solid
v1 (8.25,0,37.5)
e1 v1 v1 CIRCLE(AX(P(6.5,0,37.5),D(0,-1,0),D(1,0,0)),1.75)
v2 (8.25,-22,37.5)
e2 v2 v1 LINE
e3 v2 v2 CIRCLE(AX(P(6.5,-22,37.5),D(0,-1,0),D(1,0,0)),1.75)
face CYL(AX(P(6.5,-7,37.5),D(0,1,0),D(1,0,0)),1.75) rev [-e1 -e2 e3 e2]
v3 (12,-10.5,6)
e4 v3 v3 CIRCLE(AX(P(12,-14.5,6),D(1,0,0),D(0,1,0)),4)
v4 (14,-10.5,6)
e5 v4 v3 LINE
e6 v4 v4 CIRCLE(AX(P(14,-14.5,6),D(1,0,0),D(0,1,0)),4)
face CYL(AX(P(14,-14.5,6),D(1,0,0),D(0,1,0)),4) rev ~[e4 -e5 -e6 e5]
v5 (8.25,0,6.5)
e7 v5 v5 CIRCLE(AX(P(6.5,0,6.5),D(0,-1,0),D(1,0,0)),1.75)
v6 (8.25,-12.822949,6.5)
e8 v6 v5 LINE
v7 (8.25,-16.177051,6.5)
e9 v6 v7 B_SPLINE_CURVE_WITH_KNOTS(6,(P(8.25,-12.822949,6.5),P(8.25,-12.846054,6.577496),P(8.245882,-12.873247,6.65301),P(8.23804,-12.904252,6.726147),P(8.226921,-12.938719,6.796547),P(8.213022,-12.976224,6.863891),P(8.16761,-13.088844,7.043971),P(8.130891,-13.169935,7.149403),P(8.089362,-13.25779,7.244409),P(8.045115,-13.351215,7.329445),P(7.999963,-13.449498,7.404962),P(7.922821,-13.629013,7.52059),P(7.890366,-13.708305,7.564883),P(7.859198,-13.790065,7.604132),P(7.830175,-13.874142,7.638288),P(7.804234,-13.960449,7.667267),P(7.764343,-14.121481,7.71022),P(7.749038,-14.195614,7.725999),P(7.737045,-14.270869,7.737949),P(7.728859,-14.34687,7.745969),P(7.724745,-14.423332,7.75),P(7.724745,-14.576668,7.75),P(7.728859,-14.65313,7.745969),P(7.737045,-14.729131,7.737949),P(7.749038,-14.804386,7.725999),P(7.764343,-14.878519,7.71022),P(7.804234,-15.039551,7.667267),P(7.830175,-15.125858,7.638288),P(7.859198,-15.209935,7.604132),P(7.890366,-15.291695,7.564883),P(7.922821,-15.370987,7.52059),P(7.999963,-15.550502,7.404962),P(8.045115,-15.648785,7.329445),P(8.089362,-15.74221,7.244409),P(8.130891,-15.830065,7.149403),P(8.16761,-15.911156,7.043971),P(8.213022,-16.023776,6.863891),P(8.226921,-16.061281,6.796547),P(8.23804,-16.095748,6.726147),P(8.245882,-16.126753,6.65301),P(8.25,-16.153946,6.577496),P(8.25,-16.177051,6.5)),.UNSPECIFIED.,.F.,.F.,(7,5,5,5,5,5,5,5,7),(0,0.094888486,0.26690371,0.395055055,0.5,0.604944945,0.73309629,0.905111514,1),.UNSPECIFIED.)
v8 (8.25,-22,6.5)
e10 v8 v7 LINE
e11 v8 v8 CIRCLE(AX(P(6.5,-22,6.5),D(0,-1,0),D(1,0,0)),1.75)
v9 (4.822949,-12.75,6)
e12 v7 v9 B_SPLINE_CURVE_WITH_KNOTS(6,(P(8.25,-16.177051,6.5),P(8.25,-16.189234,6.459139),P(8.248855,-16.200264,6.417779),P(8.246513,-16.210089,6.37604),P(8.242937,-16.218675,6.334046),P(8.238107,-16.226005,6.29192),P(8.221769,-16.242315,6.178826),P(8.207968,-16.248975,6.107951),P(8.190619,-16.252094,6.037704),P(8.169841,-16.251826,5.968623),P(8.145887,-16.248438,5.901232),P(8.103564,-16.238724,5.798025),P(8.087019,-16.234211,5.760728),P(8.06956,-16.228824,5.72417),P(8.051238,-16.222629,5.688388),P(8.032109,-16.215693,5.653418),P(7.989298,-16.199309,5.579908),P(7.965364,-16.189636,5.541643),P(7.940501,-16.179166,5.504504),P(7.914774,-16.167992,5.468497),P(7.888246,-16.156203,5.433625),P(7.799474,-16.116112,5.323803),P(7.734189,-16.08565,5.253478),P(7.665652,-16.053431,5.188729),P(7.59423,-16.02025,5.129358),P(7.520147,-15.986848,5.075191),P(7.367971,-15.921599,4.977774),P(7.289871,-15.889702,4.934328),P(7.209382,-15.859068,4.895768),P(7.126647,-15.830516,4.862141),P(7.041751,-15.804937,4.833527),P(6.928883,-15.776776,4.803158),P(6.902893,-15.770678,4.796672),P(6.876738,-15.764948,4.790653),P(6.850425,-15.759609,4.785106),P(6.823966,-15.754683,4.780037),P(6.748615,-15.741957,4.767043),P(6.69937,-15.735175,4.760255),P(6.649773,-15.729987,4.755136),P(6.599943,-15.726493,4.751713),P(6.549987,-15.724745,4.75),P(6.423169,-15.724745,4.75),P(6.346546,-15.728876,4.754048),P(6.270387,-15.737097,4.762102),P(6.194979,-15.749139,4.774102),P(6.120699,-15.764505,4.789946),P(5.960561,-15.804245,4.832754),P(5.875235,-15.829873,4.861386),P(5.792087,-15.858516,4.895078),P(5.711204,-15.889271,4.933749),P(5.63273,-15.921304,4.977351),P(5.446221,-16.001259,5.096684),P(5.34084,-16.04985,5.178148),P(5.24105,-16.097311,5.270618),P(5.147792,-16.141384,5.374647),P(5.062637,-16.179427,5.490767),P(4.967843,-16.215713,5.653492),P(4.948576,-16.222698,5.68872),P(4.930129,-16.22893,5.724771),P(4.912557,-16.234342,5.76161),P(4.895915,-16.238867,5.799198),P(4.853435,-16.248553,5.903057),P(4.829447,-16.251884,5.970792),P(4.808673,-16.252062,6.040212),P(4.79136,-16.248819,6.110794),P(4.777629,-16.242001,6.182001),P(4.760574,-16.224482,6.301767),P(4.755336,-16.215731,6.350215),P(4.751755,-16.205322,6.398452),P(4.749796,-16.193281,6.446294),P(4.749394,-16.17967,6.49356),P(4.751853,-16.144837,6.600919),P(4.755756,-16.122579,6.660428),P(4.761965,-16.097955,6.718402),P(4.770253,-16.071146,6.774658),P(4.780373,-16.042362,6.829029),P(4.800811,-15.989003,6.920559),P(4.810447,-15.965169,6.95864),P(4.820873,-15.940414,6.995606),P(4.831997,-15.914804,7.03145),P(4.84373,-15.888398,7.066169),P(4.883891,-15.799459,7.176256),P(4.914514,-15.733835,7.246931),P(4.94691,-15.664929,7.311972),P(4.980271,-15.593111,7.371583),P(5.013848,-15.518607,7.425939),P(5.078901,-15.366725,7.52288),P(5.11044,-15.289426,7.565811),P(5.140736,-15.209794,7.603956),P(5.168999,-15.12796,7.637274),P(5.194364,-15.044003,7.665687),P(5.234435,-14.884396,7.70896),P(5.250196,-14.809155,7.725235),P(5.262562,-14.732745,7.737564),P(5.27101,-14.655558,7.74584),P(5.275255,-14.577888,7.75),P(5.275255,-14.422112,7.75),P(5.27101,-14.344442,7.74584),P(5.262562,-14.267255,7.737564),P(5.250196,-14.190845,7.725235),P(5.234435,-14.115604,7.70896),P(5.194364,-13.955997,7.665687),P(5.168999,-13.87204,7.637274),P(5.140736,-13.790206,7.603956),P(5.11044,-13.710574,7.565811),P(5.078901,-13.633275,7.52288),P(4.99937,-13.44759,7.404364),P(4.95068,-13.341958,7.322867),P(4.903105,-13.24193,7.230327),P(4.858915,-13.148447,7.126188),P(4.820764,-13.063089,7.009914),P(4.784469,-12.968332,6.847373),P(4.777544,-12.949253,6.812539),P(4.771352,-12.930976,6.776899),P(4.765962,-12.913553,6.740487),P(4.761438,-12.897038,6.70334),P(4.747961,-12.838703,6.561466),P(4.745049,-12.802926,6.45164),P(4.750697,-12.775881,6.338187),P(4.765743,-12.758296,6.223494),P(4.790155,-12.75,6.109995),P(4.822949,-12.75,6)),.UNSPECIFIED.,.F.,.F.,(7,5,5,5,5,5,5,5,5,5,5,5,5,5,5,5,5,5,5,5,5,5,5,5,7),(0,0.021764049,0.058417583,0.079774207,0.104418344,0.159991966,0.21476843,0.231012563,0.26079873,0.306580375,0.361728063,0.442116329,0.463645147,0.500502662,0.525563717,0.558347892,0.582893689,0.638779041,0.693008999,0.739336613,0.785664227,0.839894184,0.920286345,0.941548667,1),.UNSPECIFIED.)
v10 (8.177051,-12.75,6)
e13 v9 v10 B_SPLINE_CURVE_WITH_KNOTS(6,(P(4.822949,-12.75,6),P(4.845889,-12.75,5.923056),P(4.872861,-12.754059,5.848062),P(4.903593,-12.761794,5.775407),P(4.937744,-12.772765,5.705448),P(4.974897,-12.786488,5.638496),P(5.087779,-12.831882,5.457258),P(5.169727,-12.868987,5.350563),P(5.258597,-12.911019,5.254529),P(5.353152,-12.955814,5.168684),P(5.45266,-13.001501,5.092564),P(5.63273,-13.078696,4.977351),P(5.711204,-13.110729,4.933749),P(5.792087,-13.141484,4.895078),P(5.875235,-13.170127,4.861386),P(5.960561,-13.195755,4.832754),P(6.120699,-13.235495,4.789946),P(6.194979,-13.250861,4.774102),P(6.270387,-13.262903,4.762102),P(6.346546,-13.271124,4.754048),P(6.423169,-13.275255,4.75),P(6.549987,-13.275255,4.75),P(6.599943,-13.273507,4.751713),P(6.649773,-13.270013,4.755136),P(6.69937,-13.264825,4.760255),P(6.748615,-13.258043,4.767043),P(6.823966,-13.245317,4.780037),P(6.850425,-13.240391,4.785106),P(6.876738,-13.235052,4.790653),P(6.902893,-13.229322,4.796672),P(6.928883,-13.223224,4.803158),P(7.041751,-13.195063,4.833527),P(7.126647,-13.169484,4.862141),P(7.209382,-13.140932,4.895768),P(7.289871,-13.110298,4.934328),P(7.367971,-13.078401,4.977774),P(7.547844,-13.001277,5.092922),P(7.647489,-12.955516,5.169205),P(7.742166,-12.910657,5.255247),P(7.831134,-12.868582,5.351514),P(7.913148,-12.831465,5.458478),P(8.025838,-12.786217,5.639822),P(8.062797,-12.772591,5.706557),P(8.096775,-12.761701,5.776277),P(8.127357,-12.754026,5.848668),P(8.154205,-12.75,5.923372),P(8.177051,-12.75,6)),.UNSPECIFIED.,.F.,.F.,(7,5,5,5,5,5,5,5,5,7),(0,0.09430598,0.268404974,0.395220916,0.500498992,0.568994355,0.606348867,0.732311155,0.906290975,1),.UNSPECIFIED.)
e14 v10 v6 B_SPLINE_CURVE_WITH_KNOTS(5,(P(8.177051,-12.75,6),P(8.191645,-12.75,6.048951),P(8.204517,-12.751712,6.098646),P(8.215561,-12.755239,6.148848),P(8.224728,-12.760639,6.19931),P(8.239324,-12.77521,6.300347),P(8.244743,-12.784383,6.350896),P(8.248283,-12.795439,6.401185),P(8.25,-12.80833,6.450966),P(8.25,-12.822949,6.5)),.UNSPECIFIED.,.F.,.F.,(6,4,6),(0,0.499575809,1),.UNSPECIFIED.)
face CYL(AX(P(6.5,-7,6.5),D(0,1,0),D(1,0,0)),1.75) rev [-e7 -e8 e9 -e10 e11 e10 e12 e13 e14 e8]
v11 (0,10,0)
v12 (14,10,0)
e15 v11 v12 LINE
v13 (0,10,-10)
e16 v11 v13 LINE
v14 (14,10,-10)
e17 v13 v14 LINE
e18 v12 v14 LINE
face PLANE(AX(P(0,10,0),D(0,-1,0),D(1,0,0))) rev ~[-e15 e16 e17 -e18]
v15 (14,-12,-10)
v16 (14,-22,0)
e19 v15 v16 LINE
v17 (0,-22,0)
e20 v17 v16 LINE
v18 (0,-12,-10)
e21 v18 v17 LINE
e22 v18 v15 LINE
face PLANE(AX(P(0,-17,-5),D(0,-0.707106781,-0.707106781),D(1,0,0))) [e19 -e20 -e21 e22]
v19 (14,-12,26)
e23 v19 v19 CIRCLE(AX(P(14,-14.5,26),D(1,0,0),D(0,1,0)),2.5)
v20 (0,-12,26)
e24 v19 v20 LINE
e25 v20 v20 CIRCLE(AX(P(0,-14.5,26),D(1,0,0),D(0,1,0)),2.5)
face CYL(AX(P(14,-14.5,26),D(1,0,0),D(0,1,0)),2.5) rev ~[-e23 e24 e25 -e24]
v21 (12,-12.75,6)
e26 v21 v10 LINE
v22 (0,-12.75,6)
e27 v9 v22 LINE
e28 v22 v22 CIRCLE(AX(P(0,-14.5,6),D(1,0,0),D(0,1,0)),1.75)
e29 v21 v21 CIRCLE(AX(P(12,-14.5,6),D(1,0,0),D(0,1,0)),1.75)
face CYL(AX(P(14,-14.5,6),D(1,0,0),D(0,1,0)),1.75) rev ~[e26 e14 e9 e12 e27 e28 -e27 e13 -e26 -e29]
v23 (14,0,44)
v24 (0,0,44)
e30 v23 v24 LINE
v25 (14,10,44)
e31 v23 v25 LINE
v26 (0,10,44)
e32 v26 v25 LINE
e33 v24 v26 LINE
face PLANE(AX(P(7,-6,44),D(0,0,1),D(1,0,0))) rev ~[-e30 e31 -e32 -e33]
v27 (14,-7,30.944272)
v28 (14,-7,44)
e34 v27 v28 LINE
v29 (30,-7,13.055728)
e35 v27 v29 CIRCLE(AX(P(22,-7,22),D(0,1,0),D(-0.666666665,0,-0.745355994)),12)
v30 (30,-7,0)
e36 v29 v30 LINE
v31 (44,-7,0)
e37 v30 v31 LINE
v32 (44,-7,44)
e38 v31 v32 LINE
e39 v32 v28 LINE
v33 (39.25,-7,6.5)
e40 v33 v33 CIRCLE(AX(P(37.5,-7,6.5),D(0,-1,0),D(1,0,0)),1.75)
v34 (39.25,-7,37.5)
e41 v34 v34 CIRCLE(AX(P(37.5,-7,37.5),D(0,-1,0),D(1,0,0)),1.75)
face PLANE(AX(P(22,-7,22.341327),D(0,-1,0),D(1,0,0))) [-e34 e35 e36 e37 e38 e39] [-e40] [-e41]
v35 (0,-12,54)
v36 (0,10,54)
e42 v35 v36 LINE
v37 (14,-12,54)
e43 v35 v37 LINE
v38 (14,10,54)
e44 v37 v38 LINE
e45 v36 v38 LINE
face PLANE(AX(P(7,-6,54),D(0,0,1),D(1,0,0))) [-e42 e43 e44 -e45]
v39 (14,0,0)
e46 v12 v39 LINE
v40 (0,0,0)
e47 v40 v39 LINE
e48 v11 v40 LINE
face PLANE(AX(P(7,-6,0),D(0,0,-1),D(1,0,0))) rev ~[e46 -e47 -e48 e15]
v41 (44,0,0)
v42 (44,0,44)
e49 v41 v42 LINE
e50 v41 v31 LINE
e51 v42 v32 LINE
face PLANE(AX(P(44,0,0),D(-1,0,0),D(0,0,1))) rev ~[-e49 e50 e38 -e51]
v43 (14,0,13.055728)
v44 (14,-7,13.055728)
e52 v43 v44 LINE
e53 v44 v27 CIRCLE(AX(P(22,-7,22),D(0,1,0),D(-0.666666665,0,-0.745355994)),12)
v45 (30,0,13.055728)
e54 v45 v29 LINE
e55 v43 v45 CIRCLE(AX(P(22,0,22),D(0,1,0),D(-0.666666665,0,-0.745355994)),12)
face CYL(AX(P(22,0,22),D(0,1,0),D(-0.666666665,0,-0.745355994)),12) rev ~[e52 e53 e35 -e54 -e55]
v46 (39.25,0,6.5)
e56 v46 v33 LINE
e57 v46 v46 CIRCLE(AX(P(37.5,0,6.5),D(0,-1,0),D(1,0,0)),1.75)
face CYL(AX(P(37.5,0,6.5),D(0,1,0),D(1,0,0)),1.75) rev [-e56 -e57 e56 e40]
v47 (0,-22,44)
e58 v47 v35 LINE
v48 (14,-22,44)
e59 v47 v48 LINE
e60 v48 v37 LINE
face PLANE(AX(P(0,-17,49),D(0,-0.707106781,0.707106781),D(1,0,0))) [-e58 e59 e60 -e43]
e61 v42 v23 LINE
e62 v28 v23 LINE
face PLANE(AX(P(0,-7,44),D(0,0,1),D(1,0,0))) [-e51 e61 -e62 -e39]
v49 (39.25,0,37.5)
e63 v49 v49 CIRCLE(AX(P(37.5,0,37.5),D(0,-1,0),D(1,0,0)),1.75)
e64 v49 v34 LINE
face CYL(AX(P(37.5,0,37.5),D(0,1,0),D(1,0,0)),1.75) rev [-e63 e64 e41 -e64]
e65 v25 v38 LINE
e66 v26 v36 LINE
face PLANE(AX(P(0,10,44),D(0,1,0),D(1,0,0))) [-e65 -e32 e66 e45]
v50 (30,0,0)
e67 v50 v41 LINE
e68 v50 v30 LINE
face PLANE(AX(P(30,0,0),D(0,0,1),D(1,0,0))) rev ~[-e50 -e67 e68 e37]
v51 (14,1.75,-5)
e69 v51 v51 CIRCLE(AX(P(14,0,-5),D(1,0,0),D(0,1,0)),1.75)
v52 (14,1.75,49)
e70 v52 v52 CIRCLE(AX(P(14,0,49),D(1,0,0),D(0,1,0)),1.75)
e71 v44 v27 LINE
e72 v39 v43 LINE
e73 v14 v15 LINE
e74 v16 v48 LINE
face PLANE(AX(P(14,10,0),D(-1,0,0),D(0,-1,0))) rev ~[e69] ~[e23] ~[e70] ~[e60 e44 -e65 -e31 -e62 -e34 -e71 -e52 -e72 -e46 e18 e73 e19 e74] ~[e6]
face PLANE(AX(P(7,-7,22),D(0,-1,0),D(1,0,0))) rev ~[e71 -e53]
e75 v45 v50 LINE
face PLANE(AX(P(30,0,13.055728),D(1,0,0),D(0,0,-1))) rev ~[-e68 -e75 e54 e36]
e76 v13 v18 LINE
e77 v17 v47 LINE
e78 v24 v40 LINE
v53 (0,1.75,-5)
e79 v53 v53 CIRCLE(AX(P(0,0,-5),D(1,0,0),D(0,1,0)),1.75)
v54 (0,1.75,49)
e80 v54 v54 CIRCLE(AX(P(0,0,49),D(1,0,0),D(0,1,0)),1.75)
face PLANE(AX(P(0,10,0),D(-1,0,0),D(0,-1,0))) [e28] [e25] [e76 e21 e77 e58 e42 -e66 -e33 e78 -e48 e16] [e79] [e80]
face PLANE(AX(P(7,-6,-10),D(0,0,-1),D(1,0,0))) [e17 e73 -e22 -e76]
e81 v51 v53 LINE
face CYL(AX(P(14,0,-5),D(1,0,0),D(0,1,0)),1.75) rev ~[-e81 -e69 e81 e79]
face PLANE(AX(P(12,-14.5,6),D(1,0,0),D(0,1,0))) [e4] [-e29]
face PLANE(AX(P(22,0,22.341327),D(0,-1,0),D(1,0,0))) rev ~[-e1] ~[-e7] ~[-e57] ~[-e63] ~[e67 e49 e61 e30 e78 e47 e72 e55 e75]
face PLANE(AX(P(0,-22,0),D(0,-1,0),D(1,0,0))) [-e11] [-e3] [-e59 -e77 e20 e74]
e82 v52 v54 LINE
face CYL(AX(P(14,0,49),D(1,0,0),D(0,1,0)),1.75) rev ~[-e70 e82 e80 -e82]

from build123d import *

# Parameters (mm, degrees)
F0_R      = 1.75
F1_DEPTH  = 7
F2_W      = 14
F2_H      = 44
F2_R      = 1.75
F3_DEPTH  = 15
F4_R      = 2.5
F4_R_2    = 1.75
F5_DEPTH  = 25
F6_R      = 4
F7_DEPTH  = 2
F8_W      = 14
F8_H      = 32
F9_DEPTH  = 10
F10_W     = 14
F10_H     = 32
F11_DEPTH = 10
F12_R     = 1.75
F13_DEPTH = 25
F14_SIZE  = 10


with BuildPart() as f1:
    # F0 (on Front) → F1 (new body)
    with BuildSketch(Plane.XZ):
        with BuildLine():
            Line((0, 44), (0, 0))
            Line((0, 0), (14, 0))
            Line((14, 0), (14, 13.055728))
            ThreePointArc((14, 13.055728), (22, 34), (30, 13.055728))
            Line((30, 13.055728), (30, 0))
            Line((30, 0), (44, 0))
            Line((44, 0), (44, 44))
            Line((44, 44), (0, 44))
        make_face()
        with Locations((6.5, 6.5)):
            Circle(F0_R, mode=Mode.SUBTRACT)
        with Locations((37.5, 6.5)):
            Circle(F0_R, mode=Mode.SUBTRACT)
        with Locations((6.5, 37.5)):
            Circle(F0_R, mode=Mode.SUBTRACT)
        with Locations((37.5, 37.5)):
            Circle(F0_R, mode=Mode.SUBTRACT)
    extrude(amount=F1_DEPTH)

    # F2 (on face) → F3 (join)
    with BuildSketch(Plane.XZ.offset(7)):
        with Locations((7, 22)):
            Rectangle(F2_W, F2_H)
        with Locations((6.5, 6.5)):
            Circle(F2_R, mode=Mode.SUBTRACT)
        with Locations((6.5, 37.5)):
            Circle(F2_R, mode=Mode.SUBTRACT)
    extrude(amount=F3_DEPTH)

    # F4 (on face) → F5 (cut)
    with BuildSketch(Plane.YZ.offset(14)):
        with Locations((-14.5, 26)):
            Circle(F4_R)
        with Locations((-14.5, 6)):
            Circle(F4_R_2)
    extrude(amount=-F5_DEPTH, mode=Mode.SUBTRACT)

    # F6 (on face) → F7 (cut)
    with BuildSketch(Plane.YZ.offset(14)):
        with Locations((-14.5, 6)):
            Circle(F6_R)
    extrude(amount=-F7_DEPTH, mode=Mode.SUBTRACT)

    # F8 (on face) → F9 (join)
    with BuildSketch(Plane.XY.offset(44)):
        with Locations((7, -6)):
            Rectangle(F8_W, F8_H)
    extrude(amount=F9_DEPTH)

    # F10 (on face) → F11 (join)
    with BuildSketch(Plane(origin=(0, 0, 0), x_dir=(1, 0, 0), z_dir=(0, 0, -1))):
        with Locations((7, 6)):
            Rectangle(F10_W, F10_H)
    extrude(amount=F11_DEPTH)

    # F12 (on face) → F13 (cut)
    with BuildSketch(Plane.YZ.offset(14)):
        with Locations((0, 49)):
            Circle(F12_R)
        with Locations((0, -5)):
            Circle(F12_R)
    extrude(amount=-F13_DEPTH, mode=Mode.SUBTRACT)

    # F14
    f14_edges = [f1.edges().sort_by_distance(p)[0] for p in [
        (7, -22, 54),
        (7, -22, -10),
    ]]
    chamfer(f14_edges, length=F14_SIZE)


solid = f1.part
